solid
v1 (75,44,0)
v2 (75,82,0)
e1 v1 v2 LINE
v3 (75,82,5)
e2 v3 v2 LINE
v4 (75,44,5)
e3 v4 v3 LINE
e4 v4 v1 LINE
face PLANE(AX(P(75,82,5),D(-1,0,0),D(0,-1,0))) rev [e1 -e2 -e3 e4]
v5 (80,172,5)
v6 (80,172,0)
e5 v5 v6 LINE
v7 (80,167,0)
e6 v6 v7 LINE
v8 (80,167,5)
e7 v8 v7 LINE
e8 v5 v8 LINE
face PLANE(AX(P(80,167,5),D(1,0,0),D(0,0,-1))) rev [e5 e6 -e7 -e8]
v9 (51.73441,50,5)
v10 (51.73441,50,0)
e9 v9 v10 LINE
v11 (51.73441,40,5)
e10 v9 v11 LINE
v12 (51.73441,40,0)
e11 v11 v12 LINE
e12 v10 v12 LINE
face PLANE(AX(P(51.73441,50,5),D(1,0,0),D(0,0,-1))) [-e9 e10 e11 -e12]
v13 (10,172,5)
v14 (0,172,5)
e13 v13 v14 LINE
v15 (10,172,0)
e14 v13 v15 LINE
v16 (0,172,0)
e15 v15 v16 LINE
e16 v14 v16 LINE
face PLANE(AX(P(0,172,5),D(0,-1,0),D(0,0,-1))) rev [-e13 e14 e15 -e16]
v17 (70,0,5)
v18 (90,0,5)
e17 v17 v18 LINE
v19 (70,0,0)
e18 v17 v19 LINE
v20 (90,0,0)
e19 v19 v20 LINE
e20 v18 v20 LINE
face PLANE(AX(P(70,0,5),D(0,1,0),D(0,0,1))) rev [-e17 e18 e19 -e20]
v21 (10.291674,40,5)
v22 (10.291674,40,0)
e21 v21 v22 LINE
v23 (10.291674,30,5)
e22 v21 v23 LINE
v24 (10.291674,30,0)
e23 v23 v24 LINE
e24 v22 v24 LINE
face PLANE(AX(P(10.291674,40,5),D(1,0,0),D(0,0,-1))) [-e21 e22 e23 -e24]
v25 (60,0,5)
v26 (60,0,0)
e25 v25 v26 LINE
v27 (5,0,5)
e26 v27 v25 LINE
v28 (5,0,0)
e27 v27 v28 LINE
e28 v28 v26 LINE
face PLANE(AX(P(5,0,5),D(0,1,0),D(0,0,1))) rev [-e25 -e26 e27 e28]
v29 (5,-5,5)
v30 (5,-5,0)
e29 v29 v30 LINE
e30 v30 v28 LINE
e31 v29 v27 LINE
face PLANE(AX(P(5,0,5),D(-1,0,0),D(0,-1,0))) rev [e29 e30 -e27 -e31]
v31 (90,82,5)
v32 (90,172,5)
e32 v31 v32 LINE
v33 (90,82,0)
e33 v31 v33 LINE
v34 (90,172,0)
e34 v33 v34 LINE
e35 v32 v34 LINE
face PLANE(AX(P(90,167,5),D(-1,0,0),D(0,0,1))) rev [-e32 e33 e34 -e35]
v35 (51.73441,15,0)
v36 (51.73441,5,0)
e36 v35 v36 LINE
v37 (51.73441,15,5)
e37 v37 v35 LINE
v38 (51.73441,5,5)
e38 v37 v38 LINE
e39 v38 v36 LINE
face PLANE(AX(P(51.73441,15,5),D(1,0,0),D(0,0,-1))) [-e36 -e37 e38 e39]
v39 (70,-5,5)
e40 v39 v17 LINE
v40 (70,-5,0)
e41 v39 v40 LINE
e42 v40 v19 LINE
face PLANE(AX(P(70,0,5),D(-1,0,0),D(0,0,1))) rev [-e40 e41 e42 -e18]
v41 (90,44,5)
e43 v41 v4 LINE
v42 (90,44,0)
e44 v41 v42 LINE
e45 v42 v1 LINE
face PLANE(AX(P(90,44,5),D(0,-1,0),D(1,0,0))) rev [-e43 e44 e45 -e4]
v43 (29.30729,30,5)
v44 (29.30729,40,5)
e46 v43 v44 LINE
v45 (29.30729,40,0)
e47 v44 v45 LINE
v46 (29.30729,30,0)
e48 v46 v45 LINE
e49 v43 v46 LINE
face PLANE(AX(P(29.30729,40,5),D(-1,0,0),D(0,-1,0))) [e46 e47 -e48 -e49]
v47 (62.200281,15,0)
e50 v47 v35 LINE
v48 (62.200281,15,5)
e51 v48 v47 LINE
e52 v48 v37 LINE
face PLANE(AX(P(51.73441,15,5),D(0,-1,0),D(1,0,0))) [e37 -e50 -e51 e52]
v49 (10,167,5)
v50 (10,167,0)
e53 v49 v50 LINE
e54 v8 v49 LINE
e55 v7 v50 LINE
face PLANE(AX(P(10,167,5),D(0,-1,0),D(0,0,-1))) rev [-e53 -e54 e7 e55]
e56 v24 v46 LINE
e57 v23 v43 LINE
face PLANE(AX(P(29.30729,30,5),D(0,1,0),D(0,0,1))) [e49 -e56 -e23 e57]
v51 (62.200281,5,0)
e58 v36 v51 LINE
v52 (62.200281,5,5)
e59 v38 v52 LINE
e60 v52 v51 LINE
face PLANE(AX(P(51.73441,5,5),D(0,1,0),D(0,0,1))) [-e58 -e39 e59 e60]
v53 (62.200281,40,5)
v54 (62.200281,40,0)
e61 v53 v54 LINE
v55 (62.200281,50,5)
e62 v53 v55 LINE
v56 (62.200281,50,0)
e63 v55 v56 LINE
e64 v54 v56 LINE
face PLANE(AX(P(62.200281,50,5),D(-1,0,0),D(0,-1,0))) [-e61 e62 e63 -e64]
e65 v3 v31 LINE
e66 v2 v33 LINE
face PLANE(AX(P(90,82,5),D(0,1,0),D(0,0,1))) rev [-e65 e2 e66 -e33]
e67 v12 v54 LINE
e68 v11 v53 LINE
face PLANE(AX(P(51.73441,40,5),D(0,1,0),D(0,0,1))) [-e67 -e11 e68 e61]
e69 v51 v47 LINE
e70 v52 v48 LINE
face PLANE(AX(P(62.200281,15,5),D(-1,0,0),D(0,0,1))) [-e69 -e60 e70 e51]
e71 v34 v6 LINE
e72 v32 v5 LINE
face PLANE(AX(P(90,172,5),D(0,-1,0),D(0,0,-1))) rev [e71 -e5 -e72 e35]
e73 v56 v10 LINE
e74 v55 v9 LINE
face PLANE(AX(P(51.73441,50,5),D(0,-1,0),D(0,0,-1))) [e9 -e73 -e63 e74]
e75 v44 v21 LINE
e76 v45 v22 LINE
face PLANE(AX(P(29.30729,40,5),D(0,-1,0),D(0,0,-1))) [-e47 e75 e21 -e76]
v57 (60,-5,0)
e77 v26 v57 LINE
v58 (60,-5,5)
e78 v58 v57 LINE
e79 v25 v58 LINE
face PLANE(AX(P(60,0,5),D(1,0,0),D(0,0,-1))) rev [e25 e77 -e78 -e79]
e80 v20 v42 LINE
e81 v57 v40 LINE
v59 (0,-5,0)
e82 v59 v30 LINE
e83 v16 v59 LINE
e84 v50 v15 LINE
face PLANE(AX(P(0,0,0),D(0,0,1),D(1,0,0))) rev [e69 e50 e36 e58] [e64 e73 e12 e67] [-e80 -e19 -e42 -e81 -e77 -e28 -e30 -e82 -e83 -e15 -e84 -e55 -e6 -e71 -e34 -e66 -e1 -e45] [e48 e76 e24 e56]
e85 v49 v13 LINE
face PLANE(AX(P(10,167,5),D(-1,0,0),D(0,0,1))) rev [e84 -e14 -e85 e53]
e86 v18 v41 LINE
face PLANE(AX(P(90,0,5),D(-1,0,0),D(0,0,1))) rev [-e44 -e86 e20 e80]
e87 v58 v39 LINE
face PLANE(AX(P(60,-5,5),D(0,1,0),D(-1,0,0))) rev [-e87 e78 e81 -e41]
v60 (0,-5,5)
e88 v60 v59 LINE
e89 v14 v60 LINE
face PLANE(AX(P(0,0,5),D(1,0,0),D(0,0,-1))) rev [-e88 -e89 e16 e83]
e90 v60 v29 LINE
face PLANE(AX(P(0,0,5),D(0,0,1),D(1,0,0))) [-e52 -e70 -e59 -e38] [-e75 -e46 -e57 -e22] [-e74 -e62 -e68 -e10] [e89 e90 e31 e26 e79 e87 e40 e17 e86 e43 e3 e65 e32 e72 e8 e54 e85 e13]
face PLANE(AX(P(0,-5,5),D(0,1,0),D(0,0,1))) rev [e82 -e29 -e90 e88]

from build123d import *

# Parameters (mm, degrees)
ESQUISSE1_W        = 10.465871206
ESQUISSE1_H        = 10
ESQUISSE1_W_2      = 19.015615649
BOSS_EXTRU_1_DEPTH = 5


with BuildPart() as part:
    # Esquisse1 → Boss.-Extru.1 (new body)
    with BuildSketch(Plane.XY):
        Polygon((90, 82), (90, 167), (90, 172), (80, 172), (80, 167), (10, 167), (10, 172), (0, 172), (0, 167), (0, 0), (0, -5), (5, -5), (5, 0), (60, 0), (60, -5), (70, -5), (70, 0), (90, 0), (90, 44), (75, 44), (75, 82), align=None)
        with Locations((56.967345119, 45)):
            Rectangle(ESQUISSE1_W, ESQUISSE1_H, mode=Mode.SUBTRACT)
        with Locations((56.967345119, 10)):
            Rectangle(ESQUISSE1_W, ESQUISSE1_H, mode=Mode.SUBTRACT)
        with Locations((19.799482129, 35)):
            Rectangle(ESQUISSE1_W_2, ESQUISSE1_H, mode=Mode.SUBTRACT)
    extrude(amount=BOSS_EXTRU_1_DEPTH)


solid = part.part
